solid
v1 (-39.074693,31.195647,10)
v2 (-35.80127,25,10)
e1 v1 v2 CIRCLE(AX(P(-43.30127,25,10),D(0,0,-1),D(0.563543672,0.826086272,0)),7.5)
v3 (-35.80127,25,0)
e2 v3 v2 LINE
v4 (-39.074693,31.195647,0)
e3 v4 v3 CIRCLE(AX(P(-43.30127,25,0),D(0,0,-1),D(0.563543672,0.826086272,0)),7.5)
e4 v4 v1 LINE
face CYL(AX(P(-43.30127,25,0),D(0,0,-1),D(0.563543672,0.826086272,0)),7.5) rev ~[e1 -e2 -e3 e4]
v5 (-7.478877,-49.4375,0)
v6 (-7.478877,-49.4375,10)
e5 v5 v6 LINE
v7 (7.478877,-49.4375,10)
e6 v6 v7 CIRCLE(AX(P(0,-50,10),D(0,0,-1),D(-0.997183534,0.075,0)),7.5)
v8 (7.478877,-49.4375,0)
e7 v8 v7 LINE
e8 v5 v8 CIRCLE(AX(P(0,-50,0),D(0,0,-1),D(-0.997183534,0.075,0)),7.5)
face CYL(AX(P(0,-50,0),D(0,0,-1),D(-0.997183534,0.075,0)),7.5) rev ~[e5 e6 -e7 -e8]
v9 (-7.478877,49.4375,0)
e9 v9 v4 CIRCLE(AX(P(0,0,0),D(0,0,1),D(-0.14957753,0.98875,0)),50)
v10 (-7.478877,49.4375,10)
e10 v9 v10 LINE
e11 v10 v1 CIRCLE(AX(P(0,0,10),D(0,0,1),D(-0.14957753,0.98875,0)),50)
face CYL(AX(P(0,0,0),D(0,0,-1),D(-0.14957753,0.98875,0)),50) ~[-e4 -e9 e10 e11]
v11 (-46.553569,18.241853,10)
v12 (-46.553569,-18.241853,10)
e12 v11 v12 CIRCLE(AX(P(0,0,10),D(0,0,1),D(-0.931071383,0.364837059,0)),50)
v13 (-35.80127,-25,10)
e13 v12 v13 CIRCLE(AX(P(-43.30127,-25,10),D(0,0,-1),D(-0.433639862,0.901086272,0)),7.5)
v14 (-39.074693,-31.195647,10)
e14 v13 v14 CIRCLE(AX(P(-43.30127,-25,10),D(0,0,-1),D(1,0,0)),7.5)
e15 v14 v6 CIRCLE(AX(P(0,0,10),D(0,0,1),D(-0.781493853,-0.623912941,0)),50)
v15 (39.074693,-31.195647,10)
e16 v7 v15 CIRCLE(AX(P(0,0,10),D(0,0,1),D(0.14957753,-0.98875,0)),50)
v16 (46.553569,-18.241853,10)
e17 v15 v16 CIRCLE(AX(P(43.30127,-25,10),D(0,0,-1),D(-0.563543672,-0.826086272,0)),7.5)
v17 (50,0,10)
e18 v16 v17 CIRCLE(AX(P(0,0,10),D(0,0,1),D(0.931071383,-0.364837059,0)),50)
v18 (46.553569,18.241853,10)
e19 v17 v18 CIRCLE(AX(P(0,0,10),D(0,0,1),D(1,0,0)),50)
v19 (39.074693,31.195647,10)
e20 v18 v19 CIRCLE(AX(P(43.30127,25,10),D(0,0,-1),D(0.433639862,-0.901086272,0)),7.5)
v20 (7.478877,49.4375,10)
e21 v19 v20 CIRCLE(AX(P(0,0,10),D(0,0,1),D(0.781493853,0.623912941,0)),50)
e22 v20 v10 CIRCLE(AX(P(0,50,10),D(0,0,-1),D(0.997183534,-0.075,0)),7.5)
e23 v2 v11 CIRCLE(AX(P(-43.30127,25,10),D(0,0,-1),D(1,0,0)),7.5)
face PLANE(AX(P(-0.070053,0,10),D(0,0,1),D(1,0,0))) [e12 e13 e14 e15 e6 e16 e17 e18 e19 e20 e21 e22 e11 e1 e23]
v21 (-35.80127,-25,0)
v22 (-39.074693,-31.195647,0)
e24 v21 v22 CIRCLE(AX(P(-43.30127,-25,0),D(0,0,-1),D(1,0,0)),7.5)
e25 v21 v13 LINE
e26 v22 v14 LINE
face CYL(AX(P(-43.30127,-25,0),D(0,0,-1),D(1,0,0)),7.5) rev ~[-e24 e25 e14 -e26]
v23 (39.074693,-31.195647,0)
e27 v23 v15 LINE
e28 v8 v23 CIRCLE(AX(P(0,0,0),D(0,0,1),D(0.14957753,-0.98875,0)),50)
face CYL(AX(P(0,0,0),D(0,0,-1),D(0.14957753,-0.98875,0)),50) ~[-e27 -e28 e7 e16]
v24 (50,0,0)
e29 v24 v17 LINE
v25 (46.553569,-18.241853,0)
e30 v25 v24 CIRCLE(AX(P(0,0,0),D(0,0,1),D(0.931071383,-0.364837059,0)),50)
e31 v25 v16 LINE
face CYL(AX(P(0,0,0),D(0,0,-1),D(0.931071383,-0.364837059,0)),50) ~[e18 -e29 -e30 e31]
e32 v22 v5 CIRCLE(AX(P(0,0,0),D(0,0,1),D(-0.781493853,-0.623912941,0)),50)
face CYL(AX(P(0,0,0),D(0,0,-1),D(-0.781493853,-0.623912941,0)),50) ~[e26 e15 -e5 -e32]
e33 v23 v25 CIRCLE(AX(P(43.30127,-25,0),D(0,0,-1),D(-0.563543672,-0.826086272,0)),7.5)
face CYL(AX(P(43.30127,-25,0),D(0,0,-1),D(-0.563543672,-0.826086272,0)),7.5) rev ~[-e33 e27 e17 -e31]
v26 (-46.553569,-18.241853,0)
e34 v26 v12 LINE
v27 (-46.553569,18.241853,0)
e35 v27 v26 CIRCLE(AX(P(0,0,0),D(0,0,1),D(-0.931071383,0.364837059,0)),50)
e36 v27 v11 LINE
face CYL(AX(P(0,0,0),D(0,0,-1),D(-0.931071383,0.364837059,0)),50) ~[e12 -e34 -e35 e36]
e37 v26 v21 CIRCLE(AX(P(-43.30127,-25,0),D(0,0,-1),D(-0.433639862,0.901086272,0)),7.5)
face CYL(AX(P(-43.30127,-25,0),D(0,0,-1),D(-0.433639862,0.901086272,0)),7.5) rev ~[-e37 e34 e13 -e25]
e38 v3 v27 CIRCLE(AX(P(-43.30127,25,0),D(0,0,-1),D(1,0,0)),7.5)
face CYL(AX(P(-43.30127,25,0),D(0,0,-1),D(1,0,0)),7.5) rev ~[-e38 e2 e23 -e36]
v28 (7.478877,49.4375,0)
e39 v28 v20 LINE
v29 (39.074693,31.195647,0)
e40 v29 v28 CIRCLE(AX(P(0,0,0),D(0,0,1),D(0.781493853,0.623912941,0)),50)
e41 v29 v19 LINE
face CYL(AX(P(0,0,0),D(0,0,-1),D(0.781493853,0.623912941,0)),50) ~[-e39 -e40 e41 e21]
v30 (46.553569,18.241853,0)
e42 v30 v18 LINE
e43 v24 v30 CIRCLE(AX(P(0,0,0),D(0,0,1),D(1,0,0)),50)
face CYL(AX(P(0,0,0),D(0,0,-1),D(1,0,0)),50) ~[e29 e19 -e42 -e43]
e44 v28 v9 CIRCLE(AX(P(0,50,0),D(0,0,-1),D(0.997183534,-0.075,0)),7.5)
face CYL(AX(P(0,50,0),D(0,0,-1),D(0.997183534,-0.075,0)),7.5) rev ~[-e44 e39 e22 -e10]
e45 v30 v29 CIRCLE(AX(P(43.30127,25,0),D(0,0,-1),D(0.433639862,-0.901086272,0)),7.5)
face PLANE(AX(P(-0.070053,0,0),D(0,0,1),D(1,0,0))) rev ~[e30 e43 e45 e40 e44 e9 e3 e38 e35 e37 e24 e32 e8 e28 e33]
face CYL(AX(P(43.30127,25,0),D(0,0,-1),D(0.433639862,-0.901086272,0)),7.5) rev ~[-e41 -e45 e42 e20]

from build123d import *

# Parameters (mm, degrees)
F1_DEPTH = 10


with BuildPart() as f1:
    # F0 (on Top) → F1 (new body)
    with BuildSketch(Plane.XY):
        with BuildLine():
            ThreePointArc((46.5535691512, -18.2418529565), (49.1308378595, -9.2822826514), (50, 0))
            ThreePointArc((50, 0), (49.1308378595, 9.2822826514), (46.5535691512, 18.2418529565))
            ThreePointArc((46.5535691512, 18.2418529565), (36.8060796608, 21.25), (39.074692648, 31.1956470435))
            ThreePointArc((39.074692648, 31.1956470435), (25, 43.3012701892), (7.4788765032, 49.4375))
            ThreePointArc((7.4788765032, 49.4375), (0, 42.5), (-7.4788765032, 49.4375))
            ThreePointArc((-7.4788765032, 49.4375), (-25, 43.3012701892), (-39.074692648, 31.1956470435))
            ThreePointArc((-39.074692648, 31.1956470435), (-36.6699305222, 28.5036173051), (-35.8012701892, 25))
            ThreePointArc((-35.8012701892, 25), (-39.310170229, 18.6501085752), (-46.5535691512, 18.2418529565))
            ThreePointArc((-46.5535691512, 18.2418529565), (-50, 0), (-46.5535691512, -18.2418529565))
            ThreePointArc((-46.5535691512, -18.2418529565), (-39.310170229, -18.6501085752), (-35.8012701892, -25))
            ThreePointArc((-35.8012701892, -25), (-36.6699305222, -28.5036173051), (-39.074692648, -31.1956470435))
            ThreePointArc((-39.074692648, -31.1956470435), (-25, -43.3012701892), (-7.4788765032, -49.4375))
            ThreePointArc((-7.4788765032, -49.4375), (0, -42.5), (7.4788765032, -49.4375))
            ThreePointArc((7.4788765032, -49.4375), (25, -43.3012701892), (39.074692648, -31.1956470435))
            ThreePointArc((39.074692648, -31.1956470435), (36.8060796608, -21.25), (46.5535691512, -18.2418529565))
        make_face()
    extrude(amount=F1_DEPTH)


solid = f1.part
